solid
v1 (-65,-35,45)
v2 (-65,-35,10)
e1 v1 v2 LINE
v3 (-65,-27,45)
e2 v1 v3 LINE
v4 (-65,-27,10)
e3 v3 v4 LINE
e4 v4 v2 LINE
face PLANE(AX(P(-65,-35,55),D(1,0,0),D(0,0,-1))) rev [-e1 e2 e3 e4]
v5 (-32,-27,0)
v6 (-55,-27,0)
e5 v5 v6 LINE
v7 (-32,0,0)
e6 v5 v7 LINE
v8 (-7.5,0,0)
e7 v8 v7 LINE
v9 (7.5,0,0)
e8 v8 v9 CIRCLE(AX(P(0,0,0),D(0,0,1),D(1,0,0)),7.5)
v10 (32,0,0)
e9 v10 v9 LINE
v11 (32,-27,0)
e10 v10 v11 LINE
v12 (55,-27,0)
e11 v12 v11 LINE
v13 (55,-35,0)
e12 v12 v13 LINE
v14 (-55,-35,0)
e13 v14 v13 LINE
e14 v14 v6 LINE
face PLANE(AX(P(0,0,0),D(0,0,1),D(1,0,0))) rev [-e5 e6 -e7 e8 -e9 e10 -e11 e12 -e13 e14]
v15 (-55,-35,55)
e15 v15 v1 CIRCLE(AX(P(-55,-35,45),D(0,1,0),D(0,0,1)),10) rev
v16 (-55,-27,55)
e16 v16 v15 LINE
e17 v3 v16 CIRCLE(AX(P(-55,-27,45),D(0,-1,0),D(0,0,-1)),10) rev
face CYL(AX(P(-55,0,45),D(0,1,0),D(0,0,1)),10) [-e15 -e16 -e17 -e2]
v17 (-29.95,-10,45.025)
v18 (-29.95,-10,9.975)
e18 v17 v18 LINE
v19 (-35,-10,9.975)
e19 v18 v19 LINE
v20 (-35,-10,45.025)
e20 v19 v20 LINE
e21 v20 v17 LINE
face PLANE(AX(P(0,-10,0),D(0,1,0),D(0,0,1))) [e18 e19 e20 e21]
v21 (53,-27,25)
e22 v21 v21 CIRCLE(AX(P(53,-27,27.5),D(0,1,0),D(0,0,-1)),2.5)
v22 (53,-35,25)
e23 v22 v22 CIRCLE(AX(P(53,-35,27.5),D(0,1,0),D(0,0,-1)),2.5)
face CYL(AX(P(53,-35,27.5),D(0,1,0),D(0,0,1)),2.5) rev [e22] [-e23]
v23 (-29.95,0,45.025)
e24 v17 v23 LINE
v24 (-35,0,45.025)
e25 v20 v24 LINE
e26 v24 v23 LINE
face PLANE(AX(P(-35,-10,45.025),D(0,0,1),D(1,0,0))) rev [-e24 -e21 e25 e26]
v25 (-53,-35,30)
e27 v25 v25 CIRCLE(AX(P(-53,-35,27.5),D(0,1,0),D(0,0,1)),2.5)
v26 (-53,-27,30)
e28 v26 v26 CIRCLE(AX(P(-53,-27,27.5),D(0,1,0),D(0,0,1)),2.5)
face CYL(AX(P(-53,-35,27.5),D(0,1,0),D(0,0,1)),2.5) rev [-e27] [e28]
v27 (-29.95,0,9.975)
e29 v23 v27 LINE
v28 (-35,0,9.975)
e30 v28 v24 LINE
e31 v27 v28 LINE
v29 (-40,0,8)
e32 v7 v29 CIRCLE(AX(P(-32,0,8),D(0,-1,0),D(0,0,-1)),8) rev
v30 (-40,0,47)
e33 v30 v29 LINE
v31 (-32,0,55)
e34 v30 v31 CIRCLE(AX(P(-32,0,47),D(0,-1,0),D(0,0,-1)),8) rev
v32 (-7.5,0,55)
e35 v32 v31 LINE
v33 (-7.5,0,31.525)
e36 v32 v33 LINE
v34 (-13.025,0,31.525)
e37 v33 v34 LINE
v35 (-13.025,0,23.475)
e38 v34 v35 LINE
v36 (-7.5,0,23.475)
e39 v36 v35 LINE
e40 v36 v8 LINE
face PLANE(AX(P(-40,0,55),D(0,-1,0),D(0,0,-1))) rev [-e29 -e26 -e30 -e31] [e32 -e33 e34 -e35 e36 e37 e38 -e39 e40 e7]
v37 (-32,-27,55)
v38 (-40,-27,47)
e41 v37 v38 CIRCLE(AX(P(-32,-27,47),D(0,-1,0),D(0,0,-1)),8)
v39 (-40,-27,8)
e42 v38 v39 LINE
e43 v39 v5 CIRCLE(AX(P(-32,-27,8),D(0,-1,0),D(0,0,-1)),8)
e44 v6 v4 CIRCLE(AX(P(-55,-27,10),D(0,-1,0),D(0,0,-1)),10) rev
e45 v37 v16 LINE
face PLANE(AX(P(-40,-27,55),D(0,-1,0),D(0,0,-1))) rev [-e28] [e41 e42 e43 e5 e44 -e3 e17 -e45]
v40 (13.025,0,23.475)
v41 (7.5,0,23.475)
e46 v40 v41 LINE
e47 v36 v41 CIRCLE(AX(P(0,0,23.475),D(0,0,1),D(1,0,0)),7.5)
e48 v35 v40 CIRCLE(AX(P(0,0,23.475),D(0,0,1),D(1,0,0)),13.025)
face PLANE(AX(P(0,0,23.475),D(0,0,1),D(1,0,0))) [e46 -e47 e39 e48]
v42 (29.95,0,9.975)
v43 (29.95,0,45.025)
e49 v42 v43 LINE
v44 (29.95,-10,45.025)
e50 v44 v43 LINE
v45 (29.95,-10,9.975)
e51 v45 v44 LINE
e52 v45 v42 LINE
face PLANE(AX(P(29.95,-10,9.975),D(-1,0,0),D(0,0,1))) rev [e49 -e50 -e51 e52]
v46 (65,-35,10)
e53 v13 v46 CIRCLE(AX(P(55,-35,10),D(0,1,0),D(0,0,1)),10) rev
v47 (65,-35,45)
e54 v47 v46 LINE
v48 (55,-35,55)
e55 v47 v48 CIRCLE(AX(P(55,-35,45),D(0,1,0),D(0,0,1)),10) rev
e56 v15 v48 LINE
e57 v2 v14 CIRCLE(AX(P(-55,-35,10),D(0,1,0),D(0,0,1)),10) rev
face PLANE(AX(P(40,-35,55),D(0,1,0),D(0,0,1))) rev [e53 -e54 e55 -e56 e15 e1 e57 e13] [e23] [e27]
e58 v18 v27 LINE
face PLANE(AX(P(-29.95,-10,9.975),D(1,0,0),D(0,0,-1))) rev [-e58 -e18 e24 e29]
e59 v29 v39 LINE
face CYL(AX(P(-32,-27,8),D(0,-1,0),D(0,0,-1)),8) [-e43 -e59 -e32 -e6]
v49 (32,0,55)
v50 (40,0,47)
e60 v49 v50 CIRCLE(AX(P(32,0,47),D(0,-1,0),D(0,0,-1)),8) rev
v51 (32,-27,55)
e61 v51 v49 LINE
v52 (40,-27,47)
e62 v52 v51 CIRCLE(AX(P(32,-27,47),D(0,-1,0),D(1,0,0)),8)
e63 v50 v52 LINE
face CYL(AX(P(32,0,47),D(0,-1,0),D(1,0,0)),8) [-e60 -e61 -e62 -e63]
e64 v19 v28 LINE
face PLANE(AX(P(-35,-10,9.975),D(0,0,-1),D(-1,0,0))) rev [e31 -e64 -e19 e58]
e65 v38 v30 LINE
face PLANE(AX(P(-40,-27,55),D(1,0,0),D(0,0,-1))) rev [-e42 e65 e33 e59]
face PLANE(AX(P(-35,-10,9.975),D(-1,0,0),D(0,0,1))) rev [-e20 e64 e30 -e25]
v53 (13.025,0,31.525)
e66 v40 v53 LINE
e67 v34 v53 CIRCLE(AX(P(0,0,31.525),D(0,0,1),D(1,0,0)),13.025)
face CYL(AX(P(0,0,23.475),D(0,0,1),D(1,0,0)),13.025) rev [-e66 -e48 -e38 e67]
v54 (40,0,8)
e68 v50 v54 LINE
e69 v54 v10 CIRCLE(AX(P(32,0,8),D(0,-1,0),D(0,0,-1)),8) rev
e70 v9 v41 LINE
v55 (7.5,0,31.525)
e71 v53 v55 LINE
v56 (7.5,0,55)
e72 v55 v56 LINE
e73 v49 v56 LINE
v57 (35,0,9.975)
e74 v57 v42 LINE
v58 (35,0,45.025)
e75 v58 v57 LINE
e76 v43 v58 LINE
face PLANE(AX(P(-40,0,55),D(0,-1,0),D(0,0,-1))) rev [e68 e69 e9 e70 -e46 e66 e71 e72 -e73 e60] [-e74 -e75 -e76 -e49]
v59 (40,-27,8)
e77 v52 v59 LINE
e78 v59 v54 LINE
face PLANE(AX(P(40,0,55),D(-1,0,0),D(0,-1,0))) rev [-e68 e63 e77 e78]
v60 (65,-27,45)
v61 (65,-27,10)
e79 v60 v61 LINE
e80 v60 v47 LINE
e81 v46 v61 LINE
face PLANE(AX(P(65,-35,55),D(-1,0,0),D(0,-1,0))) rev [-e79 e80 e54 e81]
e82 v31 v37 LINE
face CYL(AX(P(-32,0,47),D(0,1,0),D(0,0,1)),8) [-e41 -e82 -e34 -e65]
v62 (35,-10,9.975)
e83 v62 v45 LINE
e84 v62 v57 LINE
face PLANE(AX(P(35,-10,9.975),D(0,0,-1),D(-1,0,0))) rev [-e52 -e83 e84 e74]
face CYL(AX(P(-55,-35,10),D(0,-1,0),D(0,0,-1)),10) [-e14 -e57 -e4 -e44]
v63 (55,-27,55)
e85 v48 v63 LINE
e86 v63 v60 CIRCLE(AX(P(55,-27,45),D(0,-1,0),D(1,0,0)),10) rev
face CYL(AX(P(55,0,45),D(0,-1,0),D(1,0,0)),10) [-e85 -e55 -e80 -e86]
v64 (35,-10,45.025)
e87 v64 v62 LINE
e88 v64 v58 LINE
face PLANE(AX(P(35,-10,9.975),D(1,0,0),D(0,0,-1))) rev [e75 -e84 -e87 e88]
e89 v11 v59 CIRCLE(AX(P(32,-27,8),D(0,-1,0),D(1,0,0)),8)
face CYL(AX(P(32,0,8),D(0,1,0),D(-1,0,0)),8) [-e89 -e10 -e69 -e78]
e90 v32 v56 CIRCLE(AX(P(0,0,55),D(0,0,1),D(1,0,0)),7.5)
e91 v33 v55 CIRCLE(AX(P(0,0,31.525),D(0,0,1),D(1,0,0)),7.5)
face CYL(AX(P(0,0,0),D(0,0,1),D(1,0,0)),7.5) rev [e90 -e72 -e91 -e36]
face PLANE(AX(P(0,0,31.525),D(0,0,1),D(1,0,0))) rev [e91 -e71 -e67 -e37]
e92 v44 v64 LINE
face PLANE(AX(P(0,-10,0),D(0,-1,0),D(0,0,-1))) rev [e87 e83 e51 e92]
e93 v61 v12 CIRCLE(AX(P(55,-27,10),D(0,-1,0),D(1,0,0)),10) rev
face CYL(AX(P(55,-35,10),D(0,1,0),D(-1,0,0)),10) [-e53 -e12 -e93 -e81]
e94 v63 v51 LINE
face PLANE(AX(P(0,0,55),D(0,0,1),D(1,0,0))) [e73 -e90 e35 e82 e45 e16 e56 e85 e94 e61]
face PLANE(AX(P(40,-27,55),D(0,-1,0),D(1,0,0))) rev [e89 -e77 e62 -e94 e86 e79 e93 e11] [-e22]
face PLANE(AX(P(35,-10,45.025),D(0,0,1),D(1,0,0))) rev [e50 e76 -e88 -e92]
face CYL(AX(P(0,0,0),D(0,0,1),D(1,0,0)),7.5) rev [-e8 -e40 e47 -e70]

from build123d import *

# Parameters (mm, degrees)
SALIENTE_EXTRUIR1_DEPTH    = 55
CROQUIS2_R                 = 13.025
CORTAR_EXTRUIR1_DEPTH      = 4.025
CROQUIS3_W                 = 5.05
CROQUIS3_H                 = 35.05
CORTAR_EXTRUIR2_DEPTH      = 10
CORTAR_EXTRUIR3_DEPTH      = 79.779756283
CORTAR_EXTRUIR3_DEPTH_BACK = 79.779756283
CROQUIS4_R                 = 7.5
REDONDEO1_R                = 10
CROQUIS5_R                 = 2.5
CORTAR_EXTRUIR4_DEPTH      = 90.32524839
REDONDEO2_R                = 8


with BuildPart() as part:
    # Croquis1 → Saliente-Extruir1 (new body)
    with BuildSketch(Plane.XY):
        Polygon((-40, 0), (40, 0), (40, -27), (65, -27), (65, -35), (40, -35), (-40, -35), (-65, -35), (-65, -27), (-40, -27), align=None)
    extrude(amount=SALIENTE_EXTRUIR1_DEPTH)

    # Croquis2 → Cortar-Extruir1 (cut, symmetric)
    with BuildSketch(Plane.XY.offset(27.5)):
        Circle(CROQUIS2_R)
    extrude(amount=CORTAR_EXTRUIR1_DEPTH, both=True, mode=Mode.SUBTRACT)

    # Croquis3 → Cortar-Extruir2 (cut)
    with BuildSketch(Plane(origin=(0, 0, 0), x_dir=(1, 0, 0), z_dir=(0, 1, 0))):
        with Locations((-32.475, -27.5)):
            Rectangle(CROQUIS3_W, CROQUIS3_H)
        with Locations((32.475, -27.5)):
            Rectangle(CROQUIS3_W, CROQUIS3_H)
    extrude(amount=-CORTAR_EXTRUIR2_DEPTH, mode=Mode.SUBTRACT)

    # Croquis4 → Cortar-Extruir3 (cut, two sides: drawn at the far end of the back side and taken through both)
    with BuildSketch(Plane.XY.offset(27.5).offset(-CORTAR_EXTRUIR3_DEPTH_BACK)):
        Circle(CROQUIS4_R)
    extrude(amount=CORTAR_EXTRUIR3_DEPTH + CORTAR_EXTRUIR3_DEPTH_BACK, mode=Mode.SUBTRACT)

    # Redondeo1
    redondeo1_edges = [part.edges().sort_by_distance(p)[0] for p in [
        (65, -31, 0),
        (-65, -31, 0),
        (65, -31, 55),
        (-65, -31, 55),
    ]]
    fillet(redondeo1_edges, radius=REDONDEO1_R)

    # Croquis5 → Cortar-Extruir4 (cut, through all)
    with BuildSketch(Plane(origin=(0, -27, 0), x_dir=(1, 0, 0), z_dir=(0, 1, 0))):
        with Locations(Location((-53, -27.5, 0), (0, 0, 270))):
            Circle(CROQUIS5_R)
        with Locations(Location((53, -27.5, 0), (0, 0, 90))):
            Circle(CROQUIS5_R)
    extrude(amount=-CORTAR_EXTRUIR4_DEPTH, mode=Mode.SUBTRACT)

    # Redondeo2
    redondeo2_edges = [part.edges().sort_by_distance(p)[0] for p in [
        (-40, -13.5, 0),
        (40, -13.5, 0),
        (40, -13.5, 55),
        (-40, -13.5, 55),
    ]]
    fillet(redondeo2_edges, radius=REDONDEO2_R)


solid = part.part
